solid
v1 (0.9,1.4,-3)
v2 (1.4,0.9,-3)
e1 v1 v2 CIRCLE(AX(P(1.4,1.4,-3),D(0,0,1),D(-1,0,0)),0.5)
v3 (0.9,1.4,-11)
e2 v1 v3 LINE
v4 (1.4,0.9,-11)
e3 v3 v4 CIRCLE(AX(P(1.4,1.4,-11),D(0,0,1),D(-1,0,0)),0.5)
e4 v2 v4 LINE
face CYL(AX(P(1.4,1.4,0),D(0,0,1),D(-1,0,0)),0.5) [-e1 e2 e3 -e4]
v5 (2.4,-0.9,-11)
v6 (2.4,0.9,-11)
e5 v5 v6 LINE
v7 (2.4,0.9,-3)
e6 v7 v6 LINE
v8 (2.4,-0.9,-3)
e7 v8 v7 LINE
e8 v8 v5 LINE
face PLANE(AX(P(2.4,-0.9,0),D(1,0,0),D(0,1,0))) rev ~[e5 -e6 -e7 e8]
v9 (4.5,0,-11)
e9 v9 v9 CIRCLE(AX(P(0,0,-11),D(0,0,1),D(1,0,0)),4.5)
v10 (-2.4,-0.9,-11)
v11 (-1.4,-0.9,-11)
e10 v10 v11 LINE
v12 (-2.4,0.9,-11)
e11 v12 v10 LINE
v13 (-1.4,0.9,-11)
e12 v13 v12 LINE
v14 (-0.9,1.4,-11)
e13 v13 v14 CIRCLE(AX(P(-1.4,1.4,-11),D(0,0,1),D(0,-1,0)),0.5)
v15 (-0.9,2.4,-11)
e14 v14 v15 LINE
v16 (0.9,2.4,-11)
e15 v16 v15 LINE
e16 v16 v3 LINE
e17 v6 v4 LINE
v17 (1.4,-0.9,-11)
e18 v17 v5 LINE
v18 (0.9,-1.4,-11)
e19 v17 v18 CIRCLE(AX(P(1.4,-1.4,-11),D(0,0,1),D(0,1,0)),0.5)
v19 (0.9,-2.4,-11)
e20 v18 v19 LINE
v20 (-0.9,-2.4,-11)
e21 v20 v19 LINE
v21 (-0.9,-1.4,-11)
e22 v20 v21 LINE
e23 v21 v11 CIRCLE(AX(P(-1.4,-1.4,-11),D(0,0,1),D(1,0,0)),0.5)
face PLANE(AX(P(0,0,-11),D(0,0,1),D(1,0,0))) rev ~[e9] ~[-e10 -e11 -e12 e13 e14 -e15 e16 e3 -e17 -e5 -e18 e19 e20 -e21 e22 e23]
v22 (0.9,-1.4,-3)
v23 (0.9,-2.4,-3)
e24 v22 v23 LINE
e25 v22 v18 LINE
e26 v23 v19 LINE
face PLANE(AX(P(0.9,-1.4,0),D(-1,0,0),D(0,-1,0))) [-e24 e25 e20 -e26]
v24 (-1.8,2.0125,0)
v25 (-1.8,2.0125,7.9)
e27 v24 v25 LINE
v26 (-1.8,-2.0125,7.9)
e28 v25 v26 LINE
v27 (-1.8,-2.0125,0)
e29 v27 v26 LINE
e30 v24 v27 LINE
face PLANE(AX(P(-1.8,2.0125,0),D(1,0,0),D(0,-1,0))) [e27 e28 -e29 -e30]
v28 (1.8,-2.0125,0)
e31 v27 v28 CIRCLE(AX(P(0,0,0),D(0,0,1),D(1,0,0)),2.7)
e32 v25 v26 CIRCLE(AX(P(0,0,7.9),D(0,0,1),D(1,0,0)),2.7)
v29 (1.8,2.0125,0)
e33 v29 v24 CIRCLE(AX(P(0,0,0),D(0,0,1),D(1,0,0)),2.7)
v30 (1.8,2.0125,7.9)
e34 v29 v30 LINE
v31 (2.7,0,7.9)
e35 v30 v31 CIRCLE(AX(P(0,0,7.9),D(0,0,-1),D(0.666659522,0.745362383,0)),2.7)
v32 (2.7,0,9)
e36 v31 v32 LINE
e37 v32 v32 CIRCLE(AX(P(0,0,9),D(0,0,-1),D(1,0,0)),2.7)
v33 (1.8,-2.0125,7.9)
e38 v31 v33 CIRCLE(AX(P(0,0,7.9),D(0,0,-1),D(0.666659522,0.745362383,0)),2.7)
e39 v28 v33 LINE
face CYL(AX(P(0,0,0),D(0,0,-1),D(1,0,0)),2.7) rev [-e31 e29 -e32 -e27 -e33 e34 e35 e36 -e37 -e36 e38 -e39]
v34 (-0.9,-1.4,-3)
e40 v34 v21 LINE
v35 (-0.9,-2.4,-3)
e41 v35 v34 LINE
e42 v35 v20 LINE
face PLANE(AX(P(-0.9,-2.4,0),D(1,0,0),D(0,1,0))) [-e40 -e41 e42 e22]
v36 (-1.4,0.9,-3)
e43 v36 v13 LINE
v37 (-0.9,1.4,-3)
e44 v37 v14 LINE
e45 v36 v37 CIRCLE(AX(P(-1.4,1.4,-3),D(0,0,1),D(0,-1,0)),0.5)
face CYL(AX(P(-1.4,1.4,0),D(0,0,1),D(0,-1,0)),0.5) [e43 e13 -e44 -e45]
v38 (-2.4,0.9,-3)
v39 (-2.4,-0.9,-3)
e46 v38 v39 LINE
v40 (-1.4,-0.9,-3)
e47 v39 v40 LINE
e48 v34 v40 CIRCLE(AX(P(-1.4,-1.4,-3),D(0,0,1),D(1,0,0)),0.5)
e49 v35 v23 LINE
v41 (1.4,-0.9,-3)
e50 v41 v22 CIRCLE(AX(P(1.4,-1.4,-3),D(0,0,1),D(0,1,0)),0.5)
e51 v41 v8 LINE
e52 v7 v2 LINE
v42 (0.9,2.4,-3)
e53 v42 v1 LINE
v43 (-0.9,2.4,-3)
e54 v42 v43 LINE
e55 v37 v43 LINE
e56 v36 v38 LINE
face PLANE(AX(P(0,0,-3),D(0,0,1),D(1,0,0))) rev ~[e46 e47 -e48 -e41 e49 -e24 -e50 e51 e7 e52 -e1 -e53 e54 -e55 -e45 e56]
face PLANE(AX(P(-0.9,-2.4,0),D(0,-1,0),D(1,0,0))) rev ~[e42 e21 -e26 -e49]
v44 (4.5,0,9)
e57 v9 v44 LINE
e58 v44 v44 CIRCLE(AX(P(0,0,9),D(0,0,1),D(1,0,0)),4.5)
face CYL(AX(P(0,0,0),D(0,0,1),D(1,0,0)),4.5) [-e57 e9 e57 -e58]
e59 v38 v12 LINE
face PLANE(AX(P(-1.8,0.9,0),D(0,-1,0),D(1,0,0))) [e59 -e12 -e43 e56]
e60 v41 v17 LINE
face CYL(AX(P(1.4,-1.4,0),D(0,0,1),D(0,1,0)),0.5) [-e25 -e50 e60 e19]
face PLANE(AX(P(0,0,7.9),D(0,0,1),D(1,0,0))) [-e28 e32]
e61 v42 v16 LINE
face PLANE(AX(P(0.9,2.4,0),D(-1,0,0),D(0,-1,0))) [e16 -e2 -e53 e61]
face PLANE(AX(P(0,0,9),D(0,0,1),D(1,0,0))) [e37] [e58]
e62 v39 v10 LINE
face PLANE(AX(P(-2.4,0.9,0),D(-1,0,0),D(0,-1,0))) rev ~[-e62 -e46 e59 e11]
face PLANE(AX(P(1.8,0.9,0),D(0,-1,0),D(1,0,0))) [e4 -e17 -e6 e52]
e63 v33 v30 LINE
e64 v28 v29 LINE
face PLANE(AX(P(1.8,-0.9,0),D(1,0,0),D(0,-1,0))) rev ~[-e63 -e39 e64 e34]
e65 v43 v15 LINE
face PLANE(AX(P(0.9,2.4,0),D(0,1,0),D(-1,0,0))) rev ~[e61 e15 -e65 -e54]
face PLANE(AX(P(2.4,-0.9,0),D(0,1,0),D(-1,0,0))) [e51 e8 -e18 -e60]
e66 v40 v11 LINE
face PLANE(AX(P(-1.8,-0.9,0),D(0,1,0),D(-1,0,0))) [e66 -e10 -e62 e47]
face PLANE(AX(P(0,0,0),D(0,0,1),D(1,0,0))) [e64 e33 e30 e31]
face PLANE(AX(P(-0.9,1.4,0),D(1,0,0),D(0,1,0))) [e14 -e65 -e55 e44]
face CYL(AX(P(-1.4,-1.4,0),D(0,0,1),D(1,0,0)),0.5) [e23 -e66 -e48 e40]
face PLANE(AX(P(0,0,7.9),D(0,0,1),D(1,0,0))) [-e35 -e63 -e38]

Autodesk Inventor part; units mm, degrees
ref_plane "YZ Plane" through (0, 0, 0) normal (1, 0, 0) x (0, 1, 0)
ref_plane "XZ Plane" through (0, 0, 0) normal (0, 1, 0) x (-1, 0, 0)
ref_plane "XY Plane" through (0, 0, 0) normal (0, 0, 1) x (1, 0, 0)
sketch "Motor_Lego_Axle_Connector" plane through (0, 0, 0) normal (0, 0, 1) x (1, 0, 0)
  circle A0 centre (0, 0) radius 4.5
  circle A1 centre (0, 0) radius 2.7
  line L0 (-1.8, 2.0125) -> (-1.8, -2.0125)
  line L1 (0, 4.5) -> (0, -4.5) construction
  line L2 (1.8, 2.0125) -> (1.8, -2.0125)
  line L3 (0.9, 2.4) -> (-0.9, 2.4)
  line L4 (0.9, 2.4) -> (0.9, 1.4)
  line L5 (1.4, 1.4) -> (0.9, 1.4) construction
  line L6 (1.4, 1.4) -> (1.4, 0.9) construction
  arc A2 (0.9, 1.4) -> (1.4, 0.9) centre (1.4, 1.4) ccw
  line L7 (1.4, 0.9) -> (2.4, 0.9)
  line L8 (-0.9, 1.4) -> (-0.9, 2.4)
  arc A3 (-1.4, 0.9) -> (-0.9, 1.4) centre (-1.4, 1.4) ccw
  line L9 (-2.4, 0.9) -> (-1.4, 0.9)
  line L10 (-2.4, 0.9) -> (-2.4, -0.9)
  line L11 (-1.4, -0.9) -> (-2.4, -0.9)
  arc A4 (-0.9, -1.4) -> (-1.4, -0.9) centre (-1.4, -1.4) ccw
  line L12 (-0.9, -2.4) -> (-0.9, -1.4)
  line L13 (-0.9, -2.4) -> (0.9, -2.4)
  line L14 (0.9, -1.4) -> (0.9, -2.4)
  arc A5 (1.4, -0.9) -> (0.9, -1.4) centre (1.4, -1.4) ccw
  line L15 (2.4, -0.9) -> (1.4, -0.9)
  line L16 (2.4, -0.9) -> (2.4, 0.9)
  point P0 (1.8, -2.0125)
  point P1 (0, 2.4)
  point P2 (-2.4, 0)
  point P3 (0, -2.4)
  point P4 (2.4, 0)
  dimension "d0" = 9
  dimension "d1" = 5.4
  dimension "d2" = 9
  dimension "d3" = 1.8
  dimension "d12" = 1.8
  dimension "d13" = 2.4
  dimension "d14" = 1
  dimension "d16" = 0.5
  dimension "d17" = 1
  dimension "d20" = 360
extrude "Motor_Side_Outer_Ring_Extrusion" add sketch "Motor_Lego_Axle_Connector" along normal blind 9
extrude "Motor_Connector_Extrusion" add sketch "Motor_Lego_Axle_Connector" along normal blind 7.9 separate body contours A1 L2 L15 L16 L7 | L0 L9 L10 L11 A1 | L7 L16 L15 L2 | L0 L11 L10 L9
extrude "Seperation_Extrusion" add sketch "Motor_Lego_Axle_Connector" against normal blind 3 contours A1 L2 L15 L16 L7 | L2 L7 A2 L4 L3 L8 A3 L9 L0 A1 | A1 L0 L11 A4 L12 L13 L14 A5 L15 L2 | L0 L9 L10 L11 A1 | L7 L16 L15 L2 | L2 L15 A5 L14 L13 L12 A4 L11 L0 L9 A3 L8 L3 L4 A2 L7 | L0 L11 L10 L9
extrude "Lego_Axle_Side_Outer_Ring_Extrusion" add sketch "Motor_Lego_Axle_Connector" against normal blind 11
extrude "Lego_Axle_Connector_Extrusion" add sketch "Motor_Lego_Axle_Connector" against normal blind 11 contours A1 L2 L15 L16 L7 | L2 L7 A2 L4 L3 L8 A3 L9 L0 A1 | A1 L0 L11 A4 L12 L13 L14 A5 L15 L2 | L0 L9 L10 L11 A1
equation "\"d2\" = d0"
properties part number "Motor_Lego_Axle_Connector"
